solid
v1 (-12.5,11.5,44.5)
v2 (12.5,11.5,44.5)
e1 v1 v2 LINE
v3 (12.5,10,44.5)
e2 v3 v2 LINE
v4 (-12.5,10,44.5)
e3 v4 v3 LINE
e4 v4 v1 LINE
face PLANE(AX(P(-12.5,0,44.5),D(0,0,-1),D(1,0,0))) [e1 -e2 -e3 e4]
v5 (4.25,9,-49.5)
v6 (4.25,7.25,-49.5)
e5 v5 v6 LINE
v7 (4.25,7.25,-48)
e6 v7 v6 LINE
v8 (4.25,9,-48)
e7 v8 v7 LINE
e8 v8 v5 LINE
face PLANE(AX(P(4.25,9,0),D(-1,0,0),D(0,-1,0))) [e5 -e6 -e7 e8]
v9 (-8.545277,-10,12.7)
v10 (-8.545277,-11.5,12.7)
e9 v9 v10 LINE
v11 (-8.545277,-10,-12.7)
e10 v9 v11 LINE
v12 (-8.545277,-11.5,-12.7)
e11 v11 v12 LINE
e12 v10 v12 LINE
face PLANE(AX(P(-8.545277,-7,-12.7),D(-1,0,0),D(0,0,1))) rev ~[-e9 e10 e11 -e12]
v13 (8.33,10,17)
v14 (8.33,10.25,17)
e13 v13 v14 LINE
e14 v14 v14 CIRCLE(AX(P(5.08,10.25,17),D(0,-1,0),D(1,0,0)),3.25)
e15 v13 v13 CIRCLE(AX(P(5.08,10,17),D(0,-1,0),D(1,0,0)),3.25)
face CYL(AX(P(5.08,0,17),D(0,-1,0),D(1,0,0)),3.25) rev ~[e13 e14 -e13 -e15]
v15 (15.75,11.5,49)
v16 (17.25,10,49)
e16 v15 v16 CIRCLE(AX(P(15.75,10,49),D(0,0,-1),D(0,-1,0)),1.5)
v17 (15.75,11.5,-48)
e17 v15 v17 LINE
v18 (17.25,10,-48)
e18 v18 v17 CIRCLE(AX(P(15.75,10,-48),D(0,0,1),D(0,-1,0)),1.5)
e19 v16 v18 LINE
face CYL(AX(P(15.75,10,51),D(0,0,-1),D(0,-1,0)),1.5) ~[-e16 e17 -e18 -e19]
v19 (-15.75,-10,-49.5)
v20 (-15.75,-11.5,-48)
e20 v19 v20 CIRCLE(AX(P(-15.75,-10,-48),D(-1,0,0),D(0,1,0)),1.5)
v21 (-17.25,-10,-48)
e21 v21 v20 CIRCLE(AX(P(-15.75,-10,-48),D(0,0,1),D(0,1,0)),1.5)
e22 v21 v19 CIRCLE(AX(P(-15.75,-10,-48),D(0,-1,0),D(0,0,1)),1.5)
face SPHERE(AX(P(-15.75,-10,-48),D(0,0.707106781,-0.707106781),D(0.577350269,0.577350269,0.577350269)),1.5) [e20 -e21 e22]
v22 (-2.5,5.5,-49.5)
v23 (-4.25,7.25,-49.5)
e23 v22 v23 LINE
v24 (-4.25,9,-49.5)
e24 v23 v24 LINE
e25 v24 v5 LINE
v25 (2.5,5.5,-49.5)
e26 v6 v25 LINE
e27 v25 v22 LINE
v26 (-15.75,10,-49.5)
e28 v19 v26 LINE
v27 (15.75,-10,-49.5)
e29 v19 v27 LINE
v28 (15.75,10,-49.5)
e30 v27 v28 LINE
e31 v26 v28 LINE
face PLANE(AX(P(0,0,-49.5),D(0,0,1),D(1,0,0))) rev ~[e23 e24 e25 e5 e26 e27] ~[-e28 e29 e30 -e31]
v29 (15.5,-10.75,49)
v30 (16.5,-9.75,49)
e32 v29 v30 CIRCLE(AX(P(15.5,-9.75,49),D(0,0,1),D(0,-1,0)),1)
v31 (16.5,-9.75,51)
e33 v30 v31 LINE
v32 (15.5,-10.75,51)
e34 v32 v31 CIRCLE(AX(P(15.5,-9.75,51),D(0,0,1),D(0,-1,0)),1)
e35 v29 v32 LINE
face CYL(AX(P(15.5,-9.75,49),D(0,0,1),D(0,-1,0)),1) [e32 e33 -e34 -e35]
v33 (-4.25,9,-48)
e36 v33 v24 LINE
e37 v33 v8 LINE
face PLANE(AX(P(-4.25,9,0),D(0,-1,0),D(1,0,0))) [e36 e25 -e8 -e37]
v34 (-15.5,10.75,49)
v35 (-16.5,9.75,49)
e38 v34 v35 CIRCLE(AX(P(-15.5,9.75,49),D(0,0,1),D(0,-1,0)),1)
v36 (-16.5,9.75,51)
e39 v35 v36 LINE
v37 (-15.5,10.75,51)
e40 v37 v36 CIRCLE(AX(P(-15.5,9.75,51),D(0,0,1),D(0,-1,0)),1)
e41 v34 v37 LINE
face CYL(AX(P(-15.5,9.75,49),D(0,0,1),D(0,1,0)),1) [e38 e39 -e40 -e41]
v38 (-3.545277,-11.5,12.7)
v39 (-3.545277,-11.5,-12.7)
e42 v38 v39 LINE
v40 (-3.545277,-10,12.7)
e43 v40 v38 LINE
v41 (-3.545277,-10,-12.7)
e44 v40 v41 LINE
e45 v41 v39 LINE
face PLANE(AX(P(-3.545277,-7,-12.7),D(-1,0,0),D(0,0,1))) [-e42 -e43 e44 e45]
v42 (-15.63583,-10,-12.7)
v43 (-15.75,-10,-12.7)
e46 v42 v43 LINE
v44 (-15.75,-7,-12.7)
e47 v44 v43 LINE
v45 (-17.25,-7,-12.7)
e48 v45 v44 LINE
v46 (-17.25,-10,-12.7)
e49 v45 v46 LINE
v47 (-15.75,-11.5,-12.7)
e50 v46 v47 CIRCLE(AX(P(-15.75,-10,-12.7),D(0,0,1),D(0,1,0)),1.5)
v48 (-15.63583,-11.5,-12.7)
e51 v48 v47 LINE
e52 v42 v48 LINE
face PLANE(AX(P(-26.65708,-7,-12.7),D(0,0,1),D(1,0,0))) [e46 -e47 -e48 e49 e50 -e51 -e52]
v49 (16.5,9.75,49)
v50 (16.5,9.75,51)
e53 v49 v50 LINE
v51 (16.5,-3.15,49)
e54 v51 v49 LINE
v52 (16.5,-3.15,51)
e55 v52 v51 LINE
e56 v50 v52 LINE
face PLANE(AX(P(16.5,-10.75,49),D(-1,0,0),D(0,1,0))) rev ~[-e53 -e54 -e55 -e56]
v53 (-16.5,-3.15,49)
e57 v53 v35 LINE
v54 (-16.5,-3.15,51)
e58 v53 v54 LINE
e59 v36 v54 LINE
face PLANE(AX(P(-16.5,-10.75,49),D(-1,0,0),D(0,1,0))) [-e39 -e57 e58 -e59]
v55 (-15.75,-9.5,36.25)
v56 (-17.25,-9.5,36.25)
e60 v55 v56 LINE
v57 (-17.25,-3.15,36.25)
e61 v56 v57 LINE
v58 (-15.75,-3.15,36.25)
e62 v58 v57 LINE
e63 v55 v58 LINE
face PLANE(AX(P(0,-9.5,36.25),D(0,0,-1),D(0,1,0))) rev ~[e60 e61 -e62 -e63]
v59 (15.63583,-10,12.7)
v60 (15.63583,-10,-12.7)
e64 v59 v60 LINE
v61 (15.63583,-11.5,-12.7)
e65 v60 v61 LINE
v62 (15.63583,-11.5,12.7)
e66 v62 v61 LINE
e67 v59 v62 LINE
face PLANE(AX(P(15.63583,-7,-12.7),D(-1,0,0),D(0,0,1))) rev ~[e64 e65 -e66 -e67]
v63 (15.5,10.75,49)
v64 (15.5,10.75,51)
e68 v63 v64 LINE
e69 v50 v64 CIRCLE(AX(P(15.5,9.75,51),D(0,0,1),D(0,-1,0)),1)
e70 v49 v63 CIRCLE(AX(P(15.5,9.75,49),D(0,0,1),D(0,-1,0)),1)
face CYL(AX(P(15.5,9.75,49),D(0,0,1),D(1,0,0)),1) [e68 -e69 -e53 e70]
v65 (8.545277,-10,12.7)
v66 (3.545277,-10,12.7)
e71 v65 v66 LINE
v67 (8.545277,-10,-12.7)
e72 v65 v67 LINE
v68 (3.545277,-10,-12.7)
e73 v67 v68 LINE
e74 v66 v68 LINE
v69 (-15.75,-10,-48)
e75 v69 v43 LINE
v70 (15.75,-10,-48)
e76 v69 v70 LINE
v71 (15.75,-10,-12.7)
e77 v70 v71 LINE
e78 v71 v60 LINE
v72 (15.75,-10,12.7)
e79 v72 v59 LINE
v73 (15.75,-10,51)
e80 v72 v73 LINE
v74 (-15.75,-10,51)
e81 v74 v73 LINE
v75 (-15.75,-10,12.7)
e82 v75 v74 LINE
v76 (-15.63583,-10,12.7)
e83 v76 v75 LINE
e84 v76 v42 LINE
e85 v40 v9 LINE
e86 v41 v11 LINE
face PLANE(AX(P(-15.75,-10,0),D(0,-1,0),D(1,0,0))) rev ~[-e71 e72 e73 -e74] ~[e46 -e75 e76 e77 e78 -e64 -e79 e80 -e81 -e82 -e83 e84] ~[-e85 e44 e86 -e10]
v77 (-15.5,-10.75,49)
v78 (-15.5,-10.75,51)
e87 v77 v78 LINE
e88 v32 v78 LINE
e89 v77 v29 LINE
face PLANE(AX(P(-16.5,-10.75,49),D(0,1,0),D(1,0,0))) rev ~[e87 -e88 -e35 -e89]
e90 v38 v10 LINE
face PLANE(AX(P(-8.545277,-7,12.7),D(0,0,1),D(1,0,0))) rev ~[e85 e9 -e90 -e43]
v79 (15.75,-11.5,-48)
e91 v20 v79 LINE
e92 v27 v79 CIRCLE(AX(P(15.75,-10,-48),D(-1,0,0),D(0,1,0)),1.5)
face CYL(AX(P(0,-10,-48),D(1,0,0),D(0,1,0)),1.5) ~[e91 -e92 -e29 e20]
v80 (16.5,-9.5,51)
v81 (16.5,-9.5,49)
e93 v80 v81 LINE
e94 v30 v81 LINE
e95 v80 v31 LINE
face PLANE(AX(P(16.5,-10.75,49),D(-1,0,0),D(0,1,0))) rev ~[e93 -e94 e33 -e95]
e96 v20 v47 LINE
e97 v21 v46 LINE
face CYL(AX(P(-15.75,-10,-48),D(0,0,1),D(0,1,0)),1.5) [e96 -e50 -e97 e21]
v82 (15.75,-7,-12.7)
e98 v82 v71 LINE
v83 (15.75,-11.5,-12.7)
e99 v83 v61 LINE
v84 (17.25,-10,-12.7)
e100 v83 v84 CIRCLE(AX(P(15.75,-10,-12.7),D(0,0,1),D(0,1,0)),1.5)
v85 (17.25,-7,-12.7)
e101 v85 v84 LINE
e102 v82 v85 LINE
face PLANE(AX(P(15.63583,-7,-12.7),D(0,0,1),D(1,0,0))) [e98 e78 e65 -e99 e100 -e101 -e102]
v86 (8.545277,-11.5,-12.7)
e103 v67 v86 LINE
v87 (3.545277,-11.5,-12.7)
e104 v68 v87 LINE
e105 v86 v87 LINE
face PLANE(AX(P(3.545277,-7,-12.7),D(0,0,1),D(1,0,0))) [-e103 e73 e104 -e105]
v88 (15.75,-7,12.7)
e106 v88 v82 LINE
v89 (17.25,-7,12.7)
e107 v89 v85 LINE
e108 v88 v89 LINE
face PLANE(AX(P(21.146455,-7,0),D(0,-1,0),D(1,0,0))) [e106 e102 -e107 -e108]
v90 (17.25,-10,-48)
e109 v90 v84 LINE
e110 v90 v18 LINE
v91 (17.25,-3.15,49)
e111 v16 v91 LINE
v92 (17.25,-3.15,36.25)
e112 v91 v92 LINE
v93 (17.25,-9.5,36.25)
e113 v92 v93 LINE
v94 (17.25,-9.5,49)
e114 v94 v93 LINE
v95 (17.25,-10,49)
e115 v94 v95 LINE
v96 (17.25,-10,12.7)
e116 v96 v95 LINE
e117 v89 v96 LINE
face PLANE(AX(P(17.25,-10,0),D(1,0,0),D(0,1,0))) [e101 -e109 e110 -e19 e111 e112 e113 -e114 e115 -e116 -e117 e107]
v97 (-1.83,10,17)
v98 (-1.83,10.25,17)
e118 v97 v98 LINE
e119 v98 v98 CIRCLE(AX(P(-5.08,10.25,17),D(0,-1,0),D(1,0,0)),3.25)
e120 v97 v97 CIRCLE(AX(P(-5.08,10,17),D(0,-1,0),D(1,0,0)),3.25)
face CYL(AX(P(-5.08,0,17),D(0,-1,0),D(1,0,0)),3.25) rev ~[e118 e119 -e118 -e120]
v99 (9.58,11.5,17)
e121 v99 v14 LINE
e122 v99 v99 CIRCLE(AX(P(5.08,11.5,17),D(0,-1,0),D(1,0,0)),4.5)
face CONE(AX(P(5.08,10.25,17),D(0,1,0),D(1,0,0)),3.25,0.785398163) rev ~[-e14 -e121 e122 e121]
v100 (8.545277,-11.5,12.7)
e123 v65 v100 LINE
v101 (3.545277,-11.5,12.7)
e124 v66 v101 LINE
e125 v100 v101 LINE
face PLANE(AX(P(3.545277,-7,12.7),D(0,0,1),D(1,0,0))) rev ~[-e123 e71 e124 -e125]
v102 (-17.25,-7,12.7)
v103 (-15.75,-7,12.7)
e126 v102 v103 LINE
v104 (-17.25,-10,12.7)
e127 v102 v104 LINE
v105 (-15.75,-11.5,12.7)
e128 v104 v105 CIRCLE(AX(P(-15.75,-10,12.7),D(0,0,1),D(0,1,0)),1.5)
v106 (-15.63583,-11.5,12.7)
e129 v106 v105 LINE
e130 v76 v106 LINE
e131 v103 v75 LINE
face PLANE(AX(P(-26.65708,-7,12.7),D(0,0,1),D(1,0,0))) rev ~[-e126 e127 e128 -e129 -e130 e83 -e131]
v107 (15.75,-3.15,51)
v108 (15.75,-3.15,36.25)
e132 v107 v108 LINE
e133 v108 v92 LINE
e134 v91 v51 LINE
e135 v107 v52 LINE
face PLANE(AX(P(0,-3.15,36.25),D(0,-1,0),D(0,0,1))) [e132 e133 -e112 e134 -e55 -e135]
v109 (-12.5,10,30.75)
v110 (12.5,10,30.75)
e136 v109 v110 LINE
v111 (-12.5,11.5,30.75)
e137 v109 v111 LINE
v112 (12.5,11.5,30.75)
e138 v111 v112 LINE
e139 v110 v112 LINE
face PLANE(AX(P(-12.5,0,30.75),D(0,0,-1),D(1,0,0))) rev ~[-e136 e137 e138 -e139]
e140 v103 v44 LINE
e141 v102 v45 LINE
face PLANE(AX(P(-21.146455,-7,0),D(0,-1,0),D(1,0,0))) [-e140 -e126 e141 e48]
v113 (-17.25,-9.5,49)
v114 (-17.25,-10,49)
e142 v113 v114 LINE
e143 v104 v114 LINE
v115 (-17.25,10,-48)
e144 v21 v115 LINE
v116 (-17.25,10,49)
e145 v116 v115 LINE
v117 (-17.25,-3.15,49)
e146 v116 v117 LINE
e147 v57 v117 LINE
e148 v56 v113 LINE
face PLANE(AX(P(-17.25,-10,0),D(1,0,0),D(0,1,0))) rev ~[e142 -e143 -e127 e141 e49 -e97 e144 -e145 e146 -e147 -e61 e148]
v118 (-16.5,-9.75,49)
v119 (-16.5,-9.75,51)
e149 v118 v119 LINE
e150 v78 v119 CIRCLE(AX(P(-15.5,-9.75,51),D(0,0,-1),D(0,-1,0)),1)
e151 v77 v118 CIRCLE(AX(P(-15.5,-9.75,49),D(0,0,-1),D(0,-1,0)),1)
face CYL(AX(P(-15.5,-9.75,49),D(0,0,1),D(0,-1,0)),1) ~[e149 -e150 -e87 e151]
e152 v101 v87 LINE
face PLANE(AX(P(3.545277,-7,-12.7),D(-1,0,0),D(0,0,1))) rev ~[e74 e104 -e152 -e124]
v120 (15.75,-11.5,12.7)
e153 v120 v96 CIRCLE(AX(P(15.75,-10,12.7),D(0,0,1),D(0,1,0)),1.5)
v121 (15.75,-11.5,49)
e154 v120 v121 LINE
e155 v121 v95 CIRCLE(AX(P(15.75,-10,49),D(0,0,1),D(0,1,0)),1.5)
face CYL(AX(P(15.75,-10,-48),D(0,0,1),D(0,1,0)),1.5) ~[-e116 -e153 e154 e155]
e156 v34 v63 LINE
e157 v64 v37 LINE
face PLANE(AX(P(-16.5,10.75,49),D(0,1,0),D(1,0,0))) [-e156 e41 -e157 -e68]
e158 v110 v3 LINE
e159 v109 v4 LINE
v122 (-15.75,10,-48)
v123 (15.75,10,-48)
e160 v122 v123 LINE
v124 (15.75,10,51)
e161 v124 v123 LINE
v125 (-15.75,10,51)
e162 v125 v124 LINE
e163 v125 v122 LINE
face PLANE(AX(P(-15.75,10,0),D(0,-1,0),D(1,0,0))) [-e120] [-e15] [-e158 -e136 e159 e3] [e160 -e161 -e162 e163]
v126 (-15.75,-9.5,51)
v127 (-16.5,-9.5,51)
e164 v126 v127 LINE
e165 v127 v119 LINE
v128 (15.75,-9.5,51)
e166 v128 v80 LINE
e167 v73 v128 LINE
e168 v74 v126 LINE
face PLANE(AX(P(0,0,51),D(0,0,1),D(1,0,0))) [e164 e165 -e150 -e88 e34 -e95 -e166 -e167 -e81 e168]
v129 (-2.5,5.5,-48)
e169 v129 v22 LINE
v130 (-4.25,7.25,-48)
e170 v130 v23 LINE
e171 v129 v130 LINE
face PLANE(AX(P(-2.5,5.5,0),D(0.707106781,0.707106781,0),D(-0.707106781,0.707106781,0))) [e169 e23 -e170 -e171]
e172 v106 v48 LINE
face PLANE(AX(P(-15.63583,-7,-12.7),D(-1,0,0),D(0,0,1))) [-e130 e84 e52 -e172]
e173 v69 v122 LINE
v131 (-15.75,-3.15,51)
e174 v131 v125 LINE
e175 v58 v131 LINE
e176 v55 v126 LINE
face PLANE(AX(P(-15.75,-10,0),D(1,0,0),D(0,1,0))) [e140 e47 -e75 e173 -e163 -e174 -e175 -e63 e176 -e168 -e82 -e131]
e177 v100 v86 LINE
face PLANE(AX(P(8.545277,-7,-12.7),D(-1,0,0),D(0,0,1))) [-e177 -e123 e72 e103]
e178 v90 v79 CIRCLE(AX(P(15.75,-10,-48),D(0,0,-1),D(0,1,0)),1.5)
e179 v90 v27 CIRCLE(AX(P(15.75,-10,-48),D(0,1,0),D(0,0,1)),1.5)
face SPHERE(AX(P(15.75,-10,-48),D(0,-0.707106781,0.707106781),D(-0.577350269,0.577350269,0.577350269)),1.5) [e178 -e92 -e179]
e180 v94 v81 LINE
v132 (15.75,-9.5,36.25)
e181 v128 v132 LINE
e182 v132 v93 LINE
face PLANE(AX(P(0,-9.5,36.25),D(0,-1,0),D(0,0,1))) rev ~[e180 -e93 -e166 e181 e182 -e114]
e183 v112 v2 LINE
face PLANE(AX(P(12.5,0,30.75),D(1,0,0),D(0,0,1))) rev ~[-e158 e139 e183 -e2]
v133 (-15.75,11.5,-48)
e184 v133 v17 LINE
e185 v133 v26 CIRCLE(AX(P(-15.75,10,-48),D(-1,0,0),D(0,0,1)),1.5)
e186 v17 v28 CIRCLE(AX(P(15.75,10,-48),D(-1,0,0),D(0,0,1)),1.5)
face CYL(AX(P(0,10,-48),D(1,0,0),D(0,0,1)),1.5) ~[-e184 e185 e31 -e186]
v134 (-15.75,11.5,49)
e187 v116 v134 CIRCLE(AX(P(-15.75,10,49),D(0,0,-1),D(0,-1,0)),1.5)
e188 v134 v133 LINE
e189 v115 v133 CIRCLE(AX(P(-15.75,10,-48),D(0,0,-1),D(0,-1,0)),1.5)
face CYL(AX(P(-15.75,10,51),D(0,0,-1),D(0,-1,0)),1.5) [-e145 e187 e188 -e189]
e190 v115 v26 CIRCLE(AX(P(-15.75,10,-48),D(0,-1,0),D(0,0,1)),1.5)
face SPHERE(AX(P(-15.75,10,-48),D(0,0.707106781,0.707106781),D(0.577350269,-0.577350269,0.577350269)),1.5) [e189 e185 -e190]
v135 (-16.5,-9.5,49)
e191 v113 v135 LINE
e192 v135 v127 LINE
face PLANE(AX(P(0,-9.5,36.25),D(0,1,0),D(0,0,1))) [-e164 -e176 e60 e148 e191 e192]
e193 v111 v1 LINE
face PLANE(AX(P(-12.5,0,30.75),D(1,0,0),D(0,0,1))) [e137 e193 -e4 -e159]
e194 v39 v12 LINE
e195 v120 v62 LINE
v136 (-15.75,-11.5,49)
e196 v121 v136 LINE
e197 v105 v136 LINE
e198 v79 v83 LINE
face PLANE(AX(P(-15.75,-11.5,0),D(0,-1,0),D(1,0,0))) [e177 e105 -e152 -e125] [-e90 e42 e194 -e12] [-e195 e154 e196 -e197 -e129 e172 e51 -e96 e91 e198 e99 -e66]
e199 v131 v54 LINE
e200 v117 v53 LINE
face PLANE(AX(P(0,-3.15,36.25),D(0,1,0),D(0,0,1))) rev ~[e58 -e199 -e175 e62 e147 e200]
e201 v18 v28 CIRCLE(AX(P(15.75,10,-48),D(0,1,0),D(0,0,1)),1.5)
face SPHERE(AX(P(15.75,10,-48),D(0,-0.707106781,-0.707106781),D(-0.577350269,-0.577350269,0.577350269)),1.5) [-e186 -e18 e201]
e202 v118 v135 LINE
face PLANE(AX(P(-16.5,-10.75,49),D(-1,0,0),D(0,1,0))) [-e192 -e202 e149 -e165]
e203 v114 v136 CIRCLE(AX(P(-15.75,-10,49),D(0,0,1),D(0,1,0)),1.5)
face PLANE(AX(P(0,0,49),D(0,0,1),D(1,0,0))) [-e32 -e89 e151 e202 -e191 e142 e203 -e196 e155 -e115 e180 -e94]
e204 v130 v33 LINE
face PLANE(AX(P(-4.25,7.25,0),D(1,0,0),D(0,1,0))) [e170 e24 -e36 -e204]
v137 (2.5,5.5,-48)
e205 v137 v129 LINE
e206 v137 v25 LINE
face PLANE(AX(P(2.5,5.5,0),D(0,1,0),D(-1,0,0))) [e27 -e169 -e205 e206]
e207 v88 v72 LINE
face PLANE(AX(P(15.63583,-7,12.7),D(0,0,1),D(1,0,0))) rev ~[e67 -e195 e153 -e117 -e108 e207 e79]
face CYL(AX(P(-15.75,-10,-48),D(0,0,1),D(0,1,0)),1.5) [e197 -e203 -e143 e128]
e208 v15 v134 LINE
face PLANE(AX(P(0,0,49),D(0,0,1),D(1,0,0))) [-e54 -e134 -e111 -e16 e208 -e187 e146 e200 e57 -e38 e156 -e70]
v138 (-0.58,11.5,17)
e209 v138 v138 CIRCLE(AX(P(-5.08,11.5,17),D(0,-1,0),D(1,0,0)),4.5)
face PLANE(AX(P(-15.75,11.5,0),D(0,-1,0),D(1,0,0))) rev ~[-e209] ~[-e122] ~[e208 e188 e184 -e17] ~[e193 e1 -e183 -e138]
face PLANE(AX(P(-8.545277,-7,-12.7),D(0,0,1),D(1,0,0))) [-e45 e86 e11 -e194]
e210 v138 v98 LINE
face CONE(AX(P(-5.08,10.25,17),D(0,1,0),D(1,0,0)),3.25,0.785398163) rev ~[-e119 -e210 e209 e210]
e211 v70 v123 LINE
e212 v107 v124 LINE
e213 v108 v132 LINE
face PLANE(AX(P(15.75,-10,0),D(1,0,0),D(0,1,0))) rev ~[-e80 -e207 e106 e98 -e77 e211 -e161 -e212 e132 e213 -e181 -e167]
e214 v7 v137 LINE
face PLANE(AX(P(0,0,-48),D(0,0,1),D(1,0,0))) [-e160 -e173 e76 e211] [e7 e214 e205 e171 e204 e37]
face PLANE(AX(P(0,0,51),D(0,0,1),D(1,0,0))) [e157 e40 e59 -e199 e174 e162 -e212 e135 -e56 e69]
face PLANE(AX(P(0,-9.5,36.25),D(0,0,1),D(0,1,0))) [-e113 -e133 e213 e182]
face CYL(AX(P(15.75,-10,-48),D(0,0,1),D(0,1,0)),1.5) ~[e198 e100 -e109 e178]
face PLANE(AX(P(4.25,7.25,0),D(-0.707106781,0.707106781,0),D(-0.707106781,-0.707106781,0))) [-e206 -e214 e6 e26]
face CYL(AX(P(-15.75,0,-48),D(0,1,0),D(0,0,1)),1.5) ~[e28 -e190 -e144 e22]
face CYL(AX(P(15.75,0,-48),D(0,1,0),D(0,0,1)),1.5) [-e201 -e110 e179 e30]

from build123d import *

# Parameters (mm, degrees)
SKETCH036_W          = 31.5
SKETCH036_H          = 20
PAD022_DEPTH         = 51
PAD022_DEPTH_BACK    = 48
THICKNESS006_T       = 1.5
POCKET008_DEPTH      = 49.501
SKETCH039_W          = 11.02125
SKETCH039_H          = 25.4
SKETCH039_W_2        = 5
POCKET010_DEPTH      = 5
SKETCH040_W          = 6.35
SKETCH040_H          = 15.173466
POCKET011_DEPTH      = 17.251
POCKET011_DEPTH_BACK = 17.251
SKETCH044_R          = 3.25
SKETCH044_W          = 25
SKETCH044_H          = 13.75
POCKET013_DEPTH      = 11.501
CHAMFER006_SIZE      = 1.25
SKETCH049_W          = 36.888542
SKETCH049_H          = 25.404094
SKETCH049_W_2        = 33
SKETCH049_H_2        = 21.5
POCKET015_DEPTH      = 2.001
FILLET008_R          = 1


with BuildPart() as part:
    # Sketch036 → Pad022 (new body, two sides)
    with BuildSketch(Plane.XY) as pad022_sk:
        Rectangle(SKETCH036_W, SKETCH036_H)
    extrude(amount=PAD022_DEPTH)
    extrude(pad022_sk.sketch, amount=-PAD022_DEPTH_BACK)

    # Thickness006
    thickness006_openings = [part.faces().sort_by_distance(p)[0] for p in [
        (0, 0, 51),
    ]]
    offset(amount=THICKNESS006_T, openings=thickness006_openings)

    # Sketch037 → Pocket008 (cut, through all)
    with BuildSketch(Plane.XY):
        Polygon((-4.25, 9), (4.25, 9), (4.25, 7.25), (2.5, 5.5), (-2.5, 5.5), (-4.25, 7.25), align=None)
    extrude(amount=-POCKET008_DEPTH, mode=Mode.SUBTRACT)

    # Sketch039 → Pocket010 (cut)
    with BuildSketch(Plane.XZ.offset(7)):
        with Locations((-21.146455, 0)):
            Rectangle(SKETCH039_W, SKETCH039_H)
        with Locations((-6.045277, 0)):
            Rectangle(SKETCH039_W_2, SKETCH039_H)
        with Locations((6.045277, 0)):
            Rectangle(SKETCH039_W_2, SKETCH039_H)
        with Locations((21.146455, 0)):
            Rectangle(SKETCH039_W, SKETCH039_H)
    extrude(amount=POCKET010_DEPTH, mode=Mode.SUBTRACT)

    # Sketch040 → Pocket011 (cut, two sides)
    with BuildSketch(Plane.YZ) as pocket011_sk:
        with Locations((-6.325, 43.836733)):
            Rectangle(SKETCH040_W, SKETCH040_H)
    extrude(amount=-POCKET011_DEPTH, mode=Mode.SUBTRACT)
    extrude(pocket011_sk.sketch, amount=POCKET011_DEPTH_BACK, mode=Mode.SUBTRACT)

    # Sketch044 → Pocket013 (cut, through all)
    with BuildSketch(Plane.XZ):
        with Locations((-5.08, 17)):
            Circle(SKETCH044_R)
        with Locations((5.08, 17)):
            Circle(SKETCH044_R)
        with Locations((0, 37.625)):
            Rectangle(SKETCH044_W, SKETCH044_H)
    extrude(amount=-POCKET013_DEPTH, mode=Mode.SUBTRACT)

    # Chamfer006
    chamfer006_edges = [part.edges().sort_by_distance(p)[0] for p in [
        (1.83, 11.5, 17),
        (-8.33, 11.5, 17),
    ]]
    chamfer(chamfer006_edges, length=CHAMFER006_SIZE)

    # Sketch049 → Pocket015 (cut, through all)
    with BuildSketch(Plane.XY.offset(49)):
        Rectangle(SKETCH049_W, SKETCH049_H)
        Rectangle(SKETCH049_W_2, SKETCH049_H_2, mode=Mode.SUBTRACT)
    extrude(amount=POCKET015_DEPTH, mode=Mode.SUBTRACT)

    # Fillet008
    fillet008_edges = [part.edges().sort_by_distance(p)[0] for p in [
        (-16.5, 10.75, 50),
        (-16.5, -10.75, 50),
        (16.5, -10.75, 50),
        (16.5, 10.75, 50),
    ]]
    fillet(fillet008_edges, radius=FILLET008_R)


solid = part.part
